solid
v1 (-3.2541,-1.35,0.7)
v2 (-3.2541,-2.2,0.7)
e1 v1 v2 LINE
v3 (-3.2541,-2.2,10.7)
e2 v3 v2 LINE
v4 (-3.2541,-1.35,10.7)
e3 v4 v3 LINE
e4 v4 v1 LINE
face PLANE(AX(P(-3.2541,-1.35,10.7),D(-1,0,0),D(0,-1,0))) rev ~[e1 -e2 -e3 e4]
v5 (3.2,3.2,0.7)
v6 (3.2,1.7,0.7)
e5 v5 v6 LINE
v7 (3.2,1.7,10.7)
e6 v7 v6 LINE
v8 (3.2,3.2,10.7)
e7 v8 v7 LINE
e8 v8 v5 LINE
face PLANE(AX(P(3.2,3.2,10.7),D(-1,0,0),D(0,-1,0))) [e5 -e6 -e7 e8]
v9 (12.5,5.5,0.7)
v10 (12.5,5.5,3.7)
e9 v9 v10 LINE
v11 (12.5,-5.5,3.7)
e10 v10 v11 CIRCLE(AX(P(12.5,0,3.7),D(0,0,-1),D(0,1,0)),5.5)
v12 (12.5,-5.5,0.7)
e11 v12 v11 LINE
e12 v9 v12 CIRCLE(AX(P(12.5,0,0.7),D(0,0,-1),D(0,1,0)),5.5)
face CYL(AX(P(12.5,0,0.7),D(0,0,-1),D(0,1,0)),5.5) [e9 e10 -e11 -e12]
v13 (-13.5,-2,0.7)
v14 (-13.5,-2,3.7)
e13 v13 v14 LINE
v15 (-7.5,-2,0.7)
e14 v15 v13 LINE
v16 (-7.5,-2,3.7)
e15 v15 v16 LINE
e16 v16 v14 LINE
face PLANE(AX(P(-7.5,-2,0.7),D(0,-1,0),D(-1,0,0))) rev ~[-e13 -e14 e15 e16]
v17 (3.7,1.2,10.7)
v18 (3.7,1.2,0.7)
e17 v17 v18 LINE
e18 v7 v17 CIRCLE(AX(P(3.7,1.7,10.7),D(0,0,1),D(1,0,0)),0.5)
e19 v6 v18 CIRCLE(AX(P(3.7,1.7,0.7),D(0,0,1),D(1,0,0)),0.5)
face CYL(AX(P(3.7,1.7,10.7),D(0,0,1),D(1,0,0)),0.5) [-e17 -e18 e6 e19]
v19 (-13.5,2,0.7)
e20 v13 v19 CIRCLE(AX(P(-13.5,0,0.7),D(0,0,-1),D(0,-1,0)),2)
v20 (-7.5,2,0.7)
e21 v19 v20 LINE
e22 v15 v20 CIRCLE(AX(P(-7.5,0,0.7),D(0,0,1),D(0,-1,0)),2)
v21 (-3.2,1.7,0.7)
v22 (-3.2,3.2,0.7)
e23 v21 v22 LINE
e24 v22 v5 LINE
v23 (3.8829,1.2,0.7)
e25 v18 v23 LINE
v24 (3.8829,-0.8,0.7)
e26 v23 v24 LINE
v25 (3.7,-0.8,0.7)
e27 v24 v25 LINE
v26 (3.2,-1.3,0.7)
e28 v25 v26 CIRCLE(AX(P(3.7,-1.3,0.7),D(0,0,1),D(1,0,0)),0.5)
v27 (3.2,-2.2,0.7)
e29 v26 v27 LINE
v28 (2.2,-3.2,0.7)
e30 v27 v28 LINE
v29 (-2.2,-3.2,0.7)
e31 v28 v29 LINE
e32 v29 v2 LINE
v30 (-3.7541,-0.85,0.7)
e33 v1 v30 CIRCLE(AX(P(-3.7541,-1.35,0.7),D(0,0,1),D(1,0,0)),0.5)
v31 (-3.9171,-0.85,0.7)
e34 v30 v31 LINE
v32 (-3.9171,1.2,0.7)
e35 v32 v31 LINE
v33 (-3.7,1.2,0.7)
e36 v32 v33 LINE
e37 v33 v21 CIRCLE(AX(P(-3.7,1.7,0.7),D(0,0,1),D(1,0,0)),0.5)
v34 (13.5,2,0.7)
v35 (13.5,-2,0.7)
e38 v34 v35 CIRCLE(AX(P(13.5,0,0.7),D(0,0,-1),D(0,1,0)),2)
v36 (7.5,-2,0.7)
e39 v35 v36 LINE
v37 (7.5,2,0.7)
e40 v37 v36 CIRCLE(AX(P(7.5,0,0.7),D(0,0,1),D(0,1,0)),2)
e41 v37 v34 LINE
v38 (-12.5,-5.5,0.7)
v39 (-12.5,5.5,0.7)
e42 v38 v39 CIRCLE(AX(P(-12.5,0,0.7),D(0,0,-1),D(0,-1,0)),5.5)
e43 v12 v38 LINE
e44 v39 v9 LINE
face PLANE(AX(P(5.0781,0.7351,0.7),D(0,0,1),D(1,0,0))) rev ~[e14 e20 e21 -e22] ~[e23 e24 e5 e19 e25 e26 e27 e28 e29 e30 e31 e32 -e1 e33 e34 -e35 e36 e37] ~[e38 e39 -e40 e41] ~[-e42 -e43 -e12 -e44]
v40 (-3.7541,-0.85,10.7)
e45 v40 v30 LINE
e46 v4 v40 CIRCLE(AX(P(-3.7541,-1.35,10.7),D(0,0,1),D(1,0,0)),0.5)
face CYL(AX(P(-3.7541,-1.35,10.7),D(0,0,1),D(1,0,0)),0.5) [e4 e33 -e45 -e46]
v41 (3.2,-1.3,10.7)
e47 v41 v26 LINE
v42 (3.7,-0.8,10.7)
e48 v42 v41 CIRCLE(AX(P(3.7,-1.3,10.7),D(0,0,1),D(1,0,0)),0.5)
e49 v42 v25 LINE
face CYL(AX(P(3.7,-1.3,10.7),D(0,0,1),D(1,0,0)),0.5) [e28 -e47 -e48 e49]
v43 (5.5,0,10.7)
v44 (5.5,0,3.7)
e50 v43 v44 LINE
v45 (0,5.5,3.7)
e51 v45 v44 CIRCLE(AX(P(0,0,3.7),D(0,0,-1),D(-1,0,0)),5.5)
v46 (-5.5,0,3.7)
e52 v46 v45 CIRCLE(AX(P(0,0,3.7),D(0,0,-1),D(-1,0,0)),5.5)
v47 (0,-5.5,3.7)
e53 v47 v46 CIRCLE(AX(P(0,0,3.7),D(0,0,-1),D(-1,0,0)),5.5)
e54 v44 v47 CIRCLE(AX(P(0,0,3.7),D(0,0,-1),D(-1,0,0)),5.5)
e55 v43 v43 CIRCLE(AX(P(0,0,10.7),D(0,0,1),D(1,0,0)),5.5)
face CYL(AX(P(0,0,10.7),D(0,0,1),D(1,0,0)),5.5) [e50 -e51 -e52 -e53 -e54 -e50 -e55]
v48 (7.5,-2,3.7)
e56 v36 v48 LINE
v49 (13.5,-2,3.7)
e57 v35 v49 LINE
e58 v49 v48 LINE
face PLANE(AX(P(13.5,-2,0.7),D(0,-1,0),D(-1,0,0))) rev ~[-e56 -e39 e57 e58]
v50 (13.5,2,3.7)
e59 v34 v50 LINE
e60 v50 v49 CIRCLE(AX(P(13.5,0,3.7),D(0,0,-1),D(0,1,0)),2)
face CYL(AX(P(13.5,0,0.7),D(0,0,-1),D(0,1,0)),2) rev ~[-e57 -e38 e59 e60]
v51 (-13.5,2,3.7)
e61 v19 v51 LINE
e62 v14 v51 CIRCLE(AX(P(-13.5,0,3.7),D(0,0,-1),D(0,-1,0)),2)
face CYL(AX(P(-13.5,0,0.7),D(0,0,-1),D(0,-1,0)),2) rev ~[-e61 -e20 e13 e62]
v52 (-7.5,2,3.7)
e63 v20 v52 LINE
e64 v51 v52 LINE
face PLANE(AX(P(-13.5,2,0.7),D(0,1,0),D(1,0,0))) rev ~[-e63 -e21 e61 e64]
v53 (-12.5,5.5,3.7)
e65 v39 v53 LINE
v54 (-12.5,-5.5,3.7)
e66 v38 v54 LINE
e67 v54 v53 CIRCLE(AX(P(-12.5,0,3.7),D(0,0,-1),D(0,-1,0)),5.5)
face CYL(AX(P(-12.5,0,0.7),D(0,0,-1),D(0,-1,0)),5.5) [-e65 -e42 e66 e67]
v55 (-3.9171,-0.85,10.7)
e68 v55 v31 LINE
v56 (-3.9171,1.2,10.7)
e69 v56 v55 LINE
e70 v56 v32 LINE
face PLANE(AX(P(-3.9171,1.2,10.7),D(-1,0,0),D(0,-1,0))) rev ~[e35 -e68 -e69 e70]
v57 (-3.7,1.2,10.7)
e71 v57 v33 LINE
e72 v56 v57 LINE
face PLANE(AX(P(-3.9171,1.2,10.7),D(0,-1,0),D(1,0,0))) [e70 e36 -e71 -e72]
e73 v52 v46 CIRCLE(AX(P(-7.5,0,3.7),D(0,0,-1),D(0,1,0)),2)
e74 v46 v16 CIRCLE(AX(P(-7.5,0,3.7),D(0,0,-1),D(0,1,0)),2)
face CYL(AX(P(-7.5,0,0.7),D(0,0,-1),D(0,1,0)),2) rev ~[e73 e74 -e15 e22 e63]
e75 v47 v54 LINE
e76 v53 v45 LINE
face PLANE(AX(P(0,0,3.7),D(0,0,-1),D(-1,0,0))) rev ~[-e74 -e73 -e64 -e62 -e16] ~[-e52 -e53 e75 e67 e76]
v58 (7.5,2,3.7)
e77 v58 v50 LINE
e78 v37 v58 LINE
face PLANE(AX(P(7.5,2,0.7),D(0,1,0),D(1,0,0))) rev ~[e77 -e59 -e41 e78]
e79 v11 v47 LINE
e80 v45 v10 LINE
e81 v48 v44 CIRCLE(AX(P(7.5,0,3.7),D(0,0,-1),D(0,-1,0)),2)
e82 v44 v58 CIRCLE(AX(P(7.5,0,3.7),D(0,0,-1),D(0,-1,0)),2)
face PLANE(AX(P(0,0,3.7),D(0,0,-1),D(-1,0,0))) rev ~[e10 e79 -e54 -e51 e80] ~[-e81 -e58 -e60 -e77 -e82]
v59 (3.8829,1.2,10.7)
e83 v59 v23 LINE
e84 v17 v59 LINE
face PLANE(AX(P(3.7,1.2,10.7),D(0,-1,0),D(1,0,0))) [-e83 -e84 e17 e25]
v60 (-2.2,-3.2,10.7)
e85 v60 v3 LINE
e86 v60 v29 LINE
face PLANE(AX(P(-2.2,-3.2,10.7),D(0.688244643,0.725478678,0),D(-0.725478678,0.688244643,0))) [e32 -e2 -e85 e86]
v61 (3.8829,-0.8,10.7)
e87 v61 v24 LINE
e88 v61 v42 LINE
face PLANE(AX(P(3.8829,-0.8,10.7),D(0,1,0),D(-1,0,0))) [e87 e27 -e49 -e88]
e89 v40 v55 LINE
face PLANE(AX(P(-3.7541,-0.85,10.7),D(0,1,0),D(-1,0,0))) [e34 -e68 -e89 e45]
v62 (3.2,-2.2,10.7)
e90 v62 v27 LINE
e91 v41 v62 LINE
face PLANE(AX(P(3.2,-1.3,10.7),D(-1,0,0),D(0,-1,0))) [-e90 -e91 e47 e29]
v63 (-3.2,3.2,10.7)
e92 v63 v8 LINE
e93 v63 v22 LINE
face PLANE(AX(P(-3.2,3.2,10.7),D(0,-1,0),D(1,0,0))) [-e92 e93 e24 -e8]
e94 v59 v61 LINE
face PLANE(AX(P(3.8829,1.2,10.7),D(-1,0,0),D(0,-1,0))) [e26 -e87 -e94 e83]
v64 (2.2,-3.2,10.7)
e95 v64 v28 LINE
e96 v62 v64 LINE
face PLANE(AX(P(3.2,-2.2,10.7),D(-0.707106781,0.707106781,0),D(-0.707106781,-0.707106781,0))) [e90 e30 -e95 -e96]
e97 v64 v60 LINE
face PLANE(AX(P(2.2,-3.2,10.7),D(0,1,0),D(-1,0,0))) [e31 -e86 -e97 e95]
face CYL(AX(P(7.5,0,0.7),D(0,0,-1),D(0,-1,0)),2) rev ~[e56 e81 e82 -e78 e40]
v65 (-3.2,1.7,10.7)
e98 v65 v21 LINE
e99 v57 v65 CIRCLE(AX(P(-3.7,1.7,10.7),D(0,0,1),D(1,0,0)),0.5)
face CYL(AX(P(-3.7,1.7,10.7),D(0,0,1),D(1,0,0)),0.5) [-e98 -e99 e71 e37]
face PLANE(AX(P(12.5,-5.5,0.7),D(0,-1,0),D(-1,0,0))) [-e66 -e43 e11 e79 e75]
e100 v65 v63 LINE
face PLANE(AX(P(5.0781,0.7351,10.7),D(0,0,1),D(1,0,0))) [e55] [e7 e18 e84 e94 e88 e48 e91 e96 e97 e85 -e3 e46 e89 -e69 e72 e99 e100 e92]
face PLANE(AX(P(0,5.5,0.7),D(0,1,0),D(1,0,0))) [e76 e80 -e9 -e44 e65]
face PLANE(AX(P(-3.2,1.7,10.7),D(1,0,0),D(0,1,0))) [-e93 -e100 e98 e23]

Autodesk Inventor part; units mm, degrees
ref_plane "YZ Plane" through (0, 0, 0) normal (1, 0, 0) x (0, 1, 0)
ref_plane "XZ Plane" through (0, 0, 0) normal (0, 1, 0) x (-1, 0, 0)
ref_plane "XY Plane" through (0, 0, 0) normal (0, 0, 1) x (1, 0, 0)
sketch "Skizze1" plane through (-7.0778, 1.2599, 0) normal (0, 0, -1) x (-1, 0, 0)
  circle A0 centre (1.4222, -1.2599) radius 1.9 projected
  circle A1 centre (-7.0778, -1.2599) radius 3 projected
  circle A2 centre (-7.0778, -1.2599) radius 12.456
  point P0 (-7.0778, -1.2599)
sketch "Skizze2" plane through (5.0781, 0.7351, 10.7) normal (0, 0, 1) x (1, 0, 0)
  line L0 (-8.9952, 0.4649) -> (-8.9952, -1.5851) projected
  circle A0 centre (-8.8322, -2.0851) radius 0.5 projected
  line L1 (-8.3322, -1.9739) -> (-8.3322, -2.9351) projected
  line L2 (-7.2781, -3.9351) -> (-8.3322, -2.9351) projected
  line L3 (-2.8781, -3.9351) -> (-7.2781, -3.9351) projected
  line L4 (-1.8781, -2.9351) -> (-2.8781, -3.9351) projected
  line L5 (-1.8781, -1.9239) -> (-1.8781, -2.9351) projected
  circle A1 centre (-1.3781, -2.0351) radius 0.5 projected
  line L6 (-1.1952, 0.4649) -> (-1.1952, -1.5351) projected
  line L7 (-1.4893, 0.4649) -> (-1.1952, 0.4649) projected
  line L8 (-1.1952, -1.5351) -> (-1.4893, -1.5351) projected
  circle A2 centre (-1.3781, 0.9649) radius 0.5 projected
  line L9 (-1.8781, 2.4649) -> (-1.8781, 0.8536) projected
  line L10 (-8.2781, 2.4649) -> (-1.8781, 2.4649) projected
  line L11 (-8.2781, 0.8536) -> (-8.2781, 2.4649) projected
  circle A3 centre (-8.7781, 0.9649) radius 0.5 projected
  line L12 (-8.9952, 0.4649) -> (-8.6668, 0.4649) projected
  line L13 (-8.721, -1.5851) -> (-8.9952, -1.5851) projected
  circle A4 centre (-5.0781, -0.7351) radius 5.5
  point P0 (-8.7794, 0.4649)
  point P1 (-8.2781, 0.9644)
  point P2 (-1.8781, 0.9649)
  point P3 (-1.3781, 0.4649)
  point P4 (-1.3774, -1.5351)
  point P5 (-1.8781, -2.0363)
  point P6 (-8.3322, -2.0847)
  point P7 (-8.8321, -1.5851)
  dimension "d0" = 11
extrude "Extrusion1" add sketch "Skizze2" against normal blind 10 contours A3 | A0 | A2 | A1 | A4
sketch "Skizze3" plane through (0, 0, 0.7) normal (0, 0, -1) x (-1, 0, 0)
  circle A0 centre (0, 0) radius 5.5 projected
  line L0 (3.2542, -2.2) -> (2.2, -3.2) projected
  line L1 (2.2, -3.2) -> (-2.2, -3.2) projected
  line L2 (-2.2, -3.2) -> (-3.2, -2.2) projected
  line L3 (-3.2, -2.2) -> (-3.2, -1.3012) projected
  arc A1 (-3.2, -1.3012) -> (-3.7007, -0.8) centre (-3.7, -1.3) ccw projected
  line L4 (-3.7007, -0.8) -> (-3.8829, -0.8) projected
  line L5 (-3.8829, -0.8) -> (-3.8829, 1.2) projected
  line L6 (-3.8829, 1.2) -> (-3.7, 1.2) projected
  arc A2 (-3.7, 1.2) -> (-3.2, 1.7) centre (-3.7, 1.7) ccw projected
  line L7 (-3.2, 1.7) -> (-3.2, 3.2) projected
  line L8 (-3.2, 3.2) -> (3.2, 3.2) projected
  line L9 (3.2, 3.2) -> (3.2, 1.6995) projected
  arc A3 (3.2, 1.6995) -> (3.7013, 1.2) centre (3.7, 1.7) ccw projected
  line L10 (3.7013, 1.2) -> (3.9171, 1.2) projected
  line L11 (3.9171, 1.2) -> (3.9171, -0.85) projected
  line L12 (3.9171, -0.85) -> (3.7541, -0.85) projected
  arc A4 (3.7541, -0.85) -> (3.2542, -1.3496) centre (3.7542, -1.35) ccw projected
  line L13 (3.2542, -1.3496) -> (3.2542, -2.2) projected
  line L14 (-12.5, 0) -> (12.5, 0) construction
  line L15 (-12.5, -5.5) -> (12.5, -5.5)
  line L16 (12.5, 5.5) -> (-12.5, 5.5)
  arc A5 (-12.5, 5.5) -> (-12.5, -5.5) centre (-12.5, 0) ccw
  arc A6 (12.5, -5.5) -> (12.5, 5.5) centre (12.5, 0) ccw
  line L17 (13.5, 0) -> (7.5, 0) construction
  line L18 (13.5, 2) -> (7.5, 2)
  line L19 (7.5, -2) -> (13.5, -2)
  arc A7 (13.5, -2) -> (13.5, 2) centre (13.5, 0) ccw
  arc A8 (7.5, 2) -> (7.5, -2) centre (7.5, 0) ccw
  line L20 (-13.5, 0) -> (-7.5, 0) construction
  line L21 (-13.5, -2) -> (-7.5, -2)
  line L22 (-7.5, 2) -> (-13.5, 2)
  arc A9 (-13.5, 2) -> (-13.5, -2) centre (-13.5, 0) ccw
  arc A10 (-7.5, -2) -> (-7.5, 2) centre (-7.5, 0) ccw
  point P0 (0, 0)
  point P1 (10.5, 0)
  point P2 (-10.5, 0)
  point P3 (0, 5.5)
  point P4 (0, -5.5)
  dimension "d3" = 12.5
  dimension "d4" = 3
  dimension "d5" = 4
  dimension "d6" = 3
  dimension "d7" = 4
  dimension "d8" = 10.5
  dimension "d9" = 10.5
extrude "Extrusion2" add sketch "Skizze3" against normal blind 3 contours A0 L16 A6 L15 | A0 L15 A5 L16
properties part number "00_toslink_launcher_largeholes_v3"
